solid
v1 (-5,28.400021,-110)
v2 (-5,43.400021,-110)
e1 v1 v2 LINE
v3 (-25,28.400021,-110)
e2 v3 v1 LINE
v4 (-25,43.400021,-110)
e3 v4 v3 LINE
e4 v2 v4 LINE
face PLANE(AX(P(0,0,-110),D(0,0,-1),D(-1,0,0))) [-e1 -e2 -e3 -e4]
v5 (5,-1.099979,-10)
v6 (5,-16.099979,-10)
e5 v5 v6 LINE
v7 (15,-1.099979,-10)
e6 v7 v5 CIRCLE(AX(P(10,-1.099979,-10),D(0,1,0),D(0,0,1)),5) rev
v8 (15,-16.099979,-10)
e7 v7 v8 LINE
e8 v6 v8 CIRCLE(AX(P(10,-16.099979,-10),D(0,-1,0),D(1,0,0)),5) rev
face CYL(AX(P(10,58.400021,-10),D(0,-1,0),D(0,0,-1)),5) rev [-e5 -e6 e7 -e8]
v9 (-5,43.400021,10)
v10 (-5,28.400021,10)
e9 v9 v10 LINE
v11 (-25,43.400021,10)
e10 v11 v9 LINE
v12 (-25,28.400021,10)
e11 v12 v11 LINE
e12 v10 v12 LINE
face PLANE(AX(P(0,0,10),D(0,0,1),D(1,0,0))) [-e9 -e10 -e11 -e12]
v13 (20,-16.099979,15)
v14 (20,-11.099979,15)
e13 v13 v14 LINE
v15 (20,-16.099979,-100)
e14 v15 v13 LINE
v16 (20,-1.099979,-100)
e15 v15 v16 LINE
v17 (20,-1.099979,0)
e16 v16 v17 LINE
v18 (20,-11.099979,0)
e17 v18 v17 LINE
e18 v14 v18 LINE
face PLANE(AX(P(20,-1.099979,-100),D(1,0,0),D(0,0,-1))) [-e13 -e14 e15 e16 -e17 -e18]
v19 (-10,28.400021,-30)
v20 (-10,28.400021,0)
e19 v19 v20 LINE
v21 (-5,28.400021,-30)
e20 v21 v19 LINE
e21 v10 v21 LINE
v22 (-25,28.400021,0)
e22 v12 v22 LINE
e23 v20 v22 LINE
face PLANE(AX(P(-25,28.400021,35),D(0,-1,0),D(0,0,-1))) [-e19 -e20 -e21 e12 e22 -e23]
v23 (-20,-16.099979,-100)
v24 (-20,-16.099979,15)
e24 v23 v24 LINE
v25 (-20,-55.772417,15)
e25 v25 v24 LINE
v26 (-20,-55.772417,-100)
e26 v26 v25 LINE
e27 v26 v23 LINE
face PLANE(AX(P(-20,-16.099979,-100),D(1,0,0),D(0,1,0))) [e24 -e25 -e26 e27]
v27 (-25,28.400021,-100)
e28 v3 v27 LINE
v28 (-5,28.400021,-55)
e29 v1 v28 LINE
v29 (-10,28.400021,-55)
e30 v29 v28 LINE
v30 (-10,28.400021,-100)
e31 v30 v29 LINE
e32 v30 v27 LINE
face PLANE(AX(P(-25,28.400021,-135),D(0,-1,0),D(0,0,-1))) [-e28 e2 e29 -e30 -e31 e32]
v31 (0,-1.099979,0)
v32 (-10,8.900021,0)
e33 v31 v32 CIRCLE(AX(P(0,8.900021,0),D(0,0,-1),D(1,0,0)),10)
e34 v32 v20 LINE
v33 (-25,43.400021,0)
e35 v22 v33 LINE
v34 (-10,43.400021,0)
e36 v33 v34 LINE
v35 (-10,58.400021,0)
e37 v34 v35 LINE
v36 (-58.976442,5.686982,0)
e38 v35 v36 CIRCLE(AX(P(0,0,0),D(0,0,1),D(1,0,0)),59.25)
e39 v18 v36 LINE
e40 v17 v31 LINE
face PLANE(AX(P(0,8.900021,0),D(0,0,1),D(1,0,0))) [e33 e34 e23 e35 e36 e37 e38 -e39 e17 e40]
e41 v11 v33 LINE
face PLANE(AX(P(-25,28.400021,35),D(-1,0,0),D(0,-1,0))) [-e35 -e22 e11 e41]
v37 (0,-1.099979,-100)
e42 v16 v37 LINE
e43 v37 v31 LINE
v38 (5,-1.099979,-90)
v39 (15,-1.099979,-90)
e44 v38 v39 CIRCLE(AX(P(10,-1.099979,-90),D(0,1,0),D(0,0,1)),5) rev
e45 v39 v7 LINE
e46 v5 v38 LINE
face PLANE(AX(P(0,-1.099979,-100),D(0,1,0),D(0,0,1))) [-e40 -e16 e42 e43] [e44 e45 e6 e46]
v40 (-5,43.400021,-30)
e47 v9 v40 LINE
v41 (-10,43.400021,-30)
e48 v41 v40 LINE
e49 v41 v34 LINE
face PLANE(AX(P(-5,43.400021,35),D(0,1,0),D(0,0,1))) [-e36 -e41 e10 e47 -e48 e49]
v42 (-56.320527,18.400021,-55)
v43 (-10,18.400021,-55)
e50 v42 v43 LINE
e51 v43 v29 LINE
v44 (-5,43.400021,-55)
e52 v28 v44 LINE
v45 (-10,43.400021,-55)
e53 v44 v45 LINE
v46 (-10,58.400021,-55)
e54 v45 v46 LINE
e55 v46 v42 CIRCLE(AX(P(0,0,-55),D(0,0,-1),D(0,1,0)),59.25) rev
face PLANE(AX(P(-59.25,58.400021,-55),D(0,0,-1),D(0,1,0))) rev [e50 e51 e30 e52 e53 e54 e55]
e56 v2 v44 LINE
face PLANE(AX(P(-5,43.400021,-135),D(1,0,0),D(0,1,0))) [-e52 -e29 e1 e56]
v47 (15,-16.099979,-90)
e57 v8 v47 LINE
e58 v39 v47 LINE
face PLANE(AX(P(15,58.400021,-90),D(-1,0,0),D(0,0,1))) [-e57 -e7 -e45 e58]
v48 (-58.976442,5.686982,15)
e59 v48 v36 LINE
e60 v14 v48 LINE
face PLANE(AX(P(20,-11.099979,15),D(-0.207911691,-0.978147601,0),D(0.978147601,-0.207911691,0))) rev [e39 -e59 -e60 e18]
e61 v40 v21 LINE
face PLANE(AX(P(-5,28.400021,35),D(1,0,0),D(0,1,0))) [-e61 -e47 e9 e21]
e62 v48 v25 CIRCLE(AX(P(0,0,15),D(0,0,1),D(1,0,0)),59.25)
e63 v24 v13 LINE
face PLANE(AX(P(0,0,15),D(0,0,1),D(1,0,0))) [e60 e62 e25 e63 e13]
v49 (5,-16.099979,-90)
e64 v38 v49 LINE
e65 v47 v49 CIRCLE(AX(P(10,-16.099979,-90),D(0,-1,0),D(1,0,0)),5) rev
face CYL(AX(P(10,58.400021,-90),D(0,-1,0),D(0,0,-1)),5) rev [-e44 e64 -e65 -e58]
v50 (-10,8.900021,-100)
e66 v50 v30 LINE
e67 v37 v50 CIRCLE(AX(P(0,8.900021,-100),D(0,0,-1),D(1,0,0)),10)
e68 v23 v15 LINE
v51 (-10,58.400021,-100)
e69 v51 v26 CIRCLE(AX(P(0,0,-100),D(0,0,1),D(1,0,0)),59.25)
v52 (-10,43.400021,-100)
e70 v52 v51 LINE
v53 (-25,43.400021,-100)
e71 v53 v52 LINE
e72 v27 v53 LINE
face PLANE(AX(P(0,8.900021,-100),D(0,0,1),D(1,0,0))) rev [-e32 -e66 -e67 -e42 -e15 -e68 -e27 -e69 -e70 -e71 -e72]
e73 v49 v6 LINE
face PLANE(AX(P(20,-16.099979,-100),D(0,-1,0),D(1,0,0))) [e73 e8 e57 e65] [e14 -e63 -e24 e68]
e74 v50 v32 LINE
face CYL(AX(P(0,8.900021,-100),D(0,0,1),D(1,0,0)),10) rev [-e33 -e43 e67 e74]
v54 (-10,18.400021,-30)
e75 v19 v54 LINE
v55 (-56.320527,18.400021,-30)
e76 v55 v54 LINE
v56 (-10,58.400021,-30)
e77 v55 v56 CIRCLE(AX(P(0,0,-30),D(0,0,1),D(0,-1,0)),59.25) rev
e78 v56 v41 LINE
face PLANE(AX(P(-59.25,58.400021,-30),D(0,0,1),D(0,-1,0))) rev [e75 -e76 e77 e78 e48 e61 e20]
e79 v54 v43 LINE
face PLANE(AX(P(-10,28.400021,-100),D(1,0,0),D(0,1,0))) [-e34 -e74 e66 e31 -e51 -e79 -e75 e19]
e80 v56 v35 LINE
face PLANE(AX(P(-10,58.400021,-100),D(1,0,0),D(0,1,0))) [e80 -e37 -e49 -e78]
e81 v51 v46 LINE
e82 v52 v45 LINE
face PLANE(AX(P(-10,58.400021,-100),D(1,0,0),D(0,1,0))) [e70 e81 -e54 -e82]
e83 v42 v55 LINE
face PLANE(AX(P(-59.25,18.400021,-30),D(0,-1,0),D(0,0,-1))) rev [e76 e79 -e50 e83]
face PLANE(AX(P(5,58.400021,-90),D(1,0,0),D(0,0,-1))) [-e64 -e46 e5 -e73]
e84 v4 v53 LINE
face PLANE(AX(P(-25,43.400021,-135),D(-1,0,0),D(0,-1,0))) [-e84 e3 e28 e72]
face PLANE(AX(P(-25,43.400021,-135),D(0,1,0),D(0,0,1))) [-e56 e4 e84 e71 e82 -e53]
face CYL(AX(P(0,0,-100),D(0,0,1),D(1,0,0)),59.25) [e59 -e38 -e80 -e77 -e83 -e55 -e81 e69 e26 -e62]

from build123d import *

# Parameters (mm, degrees)
BOSS_EXTRUDE1_DEPTH     = 100
BOSS_EXTRUDE2_DEPTH     = 15
SKETCH3_W               = 25
SKETCH3_H               = 40
CUT_EXTRUDE1_DEPTH      = 21
CUT_EXTRUDE1_DEPTH_BACK = 60.25
SKETCH4_W               = 20
SKETCH4_H               = 15
BOSS_EXTRUDE3_DEPTH     = 55
SKETCH5_W               = 20
SKETCH5_H               = 15
BOSS_EXTRUDE4_DEPTH     = 40
CUT_EXTRUDE2_DEPTH      = 60.5
CUT_EXTRUDE2_DEPTH_BACK = 55.672438422


with BuildPart() as part:
    # Sketch1 → Boss-Extrude1 (new body)
    with BuildSketch(Plane.XY):
        with BuildLine():
            Line((-10, 58.400021404), (-10, 43.400021404))
            Line((-10, 43.400021404), (-25, 43.400021404))
            Line((-25, 43.400021404), (-25, 28.400021404))
            Line((-25, 28.400021404), (-10, 28.400021404))
            Line((-10, 28.400021404), (-10, 8.900021404))
            ThreePointArc((-10, 8.900021404), (-7.071067812, 1.828953592), (0, -1.099978596))
            Line((0, -1.099978596), (20, -1.099978596))
            Line((20, -1.099978596), (20, -16.099978596))
            Line((20, -16.099978596), (-20, -16.099978596))
            Line((-20, -16.099978596), (-20, -55.772417018))
            ThreePointArc((-20, -55.772417018), (-59.024032595, 5.169726898), (-10, 58.400021404))
        make_face()
    extrude(amount=-BOSS_EXTRUDE1_DEPTH)

    # Sketch2 → Boss-Extrude2 (add)
    with BuildSketch(Plane.XY):
        with BuildLine():
            Line((20, -11.099978596), (-58.976442171, 5.686982405))
            ThreePointArc((-58.976442171, 5.686982405), (-50.036327292, -31.732135938), (-20, -55.772417018))
            Line((-20, -55.772417018), (-20, -16.099978596))
            Line((-20, -16.099978596), (20, -16.099978596))
            Line((20, -16.099978596), (20, -11.099978596))
        make_face()
    extrude(amount=BOSS_EXTRUDE2_DEPTH)

    # Sketch3 → Cut-Extrude1 (cut, two sides)
    with BuildSketch(Plane(origin=(0, 0, 0), x_dir=(0, 0, -1), z_dir=(1, 0, 0))) as cut_extrude1_sk:
        with Locations((42.5, 38.400021404)):
            Rectangle(SKETCH3_W, SKETCH3_H)
    extrude(amount=CUT_EXTRUDE1_DEPTH, mode=Mode.SUBTRACT)
    extrude(cut_extrude1_sk.sketch, amount=-CUT_EXTRUDE1_DEPTH_BACK, mode=Mode.SUBTRACT)

    # Sketch4 → Boss-Extrude3 (add)
    with BuildSketch(Plane.XY.offset(-55)):
        with Locations((-15, 35.900021404)):
            Rectangle(SKETCH4_W, SKETCH4_H)
    extrude(amount=-BOSS_EXTRUDE3_DEPTH)

    # Sketch5 → Boss-Extrude4 (add)
    with BuildSketch(Plane(origin=(0, 0, -30), x_dir=(-1, 0, 0), z_dir=(0, 0, -1))):
        with Locations((15, 35.900021404)):
            Rectangle(SKETCH5_W, SKETCH5_H)
    extrude(amount=-BOSS_EXTRUDE4_DEPTH)

    # Sketch6 → Cut-Extrude2 (cut, two sides)
    with BuildSketch(Plane(origin=(0, -1.099978596, 0), x_dir=(1, 0, 0), z_dir=(0, 1, 0))) as cut_extrude2_sk:
        with BuildLine():
            Line((15, 90), (15, 10))
            ThreePointArc((15, 10), (10, 5), (5, 10))
            Line((5, 10), (5, 90))
            ThreePointArc((5, 90), (10, 95), (15, 90))
        make_face()
    extrude(amount=CUT_EXTRUDE2_DEPTH, mode=Mode.SUBTRACT)
    extrude(cut_extrude2_sk.sketch, amount=-CUT_EXTRUDE2_DEPTH_BACK, mode=Mode.SUBTRACT)


solid = part.part
